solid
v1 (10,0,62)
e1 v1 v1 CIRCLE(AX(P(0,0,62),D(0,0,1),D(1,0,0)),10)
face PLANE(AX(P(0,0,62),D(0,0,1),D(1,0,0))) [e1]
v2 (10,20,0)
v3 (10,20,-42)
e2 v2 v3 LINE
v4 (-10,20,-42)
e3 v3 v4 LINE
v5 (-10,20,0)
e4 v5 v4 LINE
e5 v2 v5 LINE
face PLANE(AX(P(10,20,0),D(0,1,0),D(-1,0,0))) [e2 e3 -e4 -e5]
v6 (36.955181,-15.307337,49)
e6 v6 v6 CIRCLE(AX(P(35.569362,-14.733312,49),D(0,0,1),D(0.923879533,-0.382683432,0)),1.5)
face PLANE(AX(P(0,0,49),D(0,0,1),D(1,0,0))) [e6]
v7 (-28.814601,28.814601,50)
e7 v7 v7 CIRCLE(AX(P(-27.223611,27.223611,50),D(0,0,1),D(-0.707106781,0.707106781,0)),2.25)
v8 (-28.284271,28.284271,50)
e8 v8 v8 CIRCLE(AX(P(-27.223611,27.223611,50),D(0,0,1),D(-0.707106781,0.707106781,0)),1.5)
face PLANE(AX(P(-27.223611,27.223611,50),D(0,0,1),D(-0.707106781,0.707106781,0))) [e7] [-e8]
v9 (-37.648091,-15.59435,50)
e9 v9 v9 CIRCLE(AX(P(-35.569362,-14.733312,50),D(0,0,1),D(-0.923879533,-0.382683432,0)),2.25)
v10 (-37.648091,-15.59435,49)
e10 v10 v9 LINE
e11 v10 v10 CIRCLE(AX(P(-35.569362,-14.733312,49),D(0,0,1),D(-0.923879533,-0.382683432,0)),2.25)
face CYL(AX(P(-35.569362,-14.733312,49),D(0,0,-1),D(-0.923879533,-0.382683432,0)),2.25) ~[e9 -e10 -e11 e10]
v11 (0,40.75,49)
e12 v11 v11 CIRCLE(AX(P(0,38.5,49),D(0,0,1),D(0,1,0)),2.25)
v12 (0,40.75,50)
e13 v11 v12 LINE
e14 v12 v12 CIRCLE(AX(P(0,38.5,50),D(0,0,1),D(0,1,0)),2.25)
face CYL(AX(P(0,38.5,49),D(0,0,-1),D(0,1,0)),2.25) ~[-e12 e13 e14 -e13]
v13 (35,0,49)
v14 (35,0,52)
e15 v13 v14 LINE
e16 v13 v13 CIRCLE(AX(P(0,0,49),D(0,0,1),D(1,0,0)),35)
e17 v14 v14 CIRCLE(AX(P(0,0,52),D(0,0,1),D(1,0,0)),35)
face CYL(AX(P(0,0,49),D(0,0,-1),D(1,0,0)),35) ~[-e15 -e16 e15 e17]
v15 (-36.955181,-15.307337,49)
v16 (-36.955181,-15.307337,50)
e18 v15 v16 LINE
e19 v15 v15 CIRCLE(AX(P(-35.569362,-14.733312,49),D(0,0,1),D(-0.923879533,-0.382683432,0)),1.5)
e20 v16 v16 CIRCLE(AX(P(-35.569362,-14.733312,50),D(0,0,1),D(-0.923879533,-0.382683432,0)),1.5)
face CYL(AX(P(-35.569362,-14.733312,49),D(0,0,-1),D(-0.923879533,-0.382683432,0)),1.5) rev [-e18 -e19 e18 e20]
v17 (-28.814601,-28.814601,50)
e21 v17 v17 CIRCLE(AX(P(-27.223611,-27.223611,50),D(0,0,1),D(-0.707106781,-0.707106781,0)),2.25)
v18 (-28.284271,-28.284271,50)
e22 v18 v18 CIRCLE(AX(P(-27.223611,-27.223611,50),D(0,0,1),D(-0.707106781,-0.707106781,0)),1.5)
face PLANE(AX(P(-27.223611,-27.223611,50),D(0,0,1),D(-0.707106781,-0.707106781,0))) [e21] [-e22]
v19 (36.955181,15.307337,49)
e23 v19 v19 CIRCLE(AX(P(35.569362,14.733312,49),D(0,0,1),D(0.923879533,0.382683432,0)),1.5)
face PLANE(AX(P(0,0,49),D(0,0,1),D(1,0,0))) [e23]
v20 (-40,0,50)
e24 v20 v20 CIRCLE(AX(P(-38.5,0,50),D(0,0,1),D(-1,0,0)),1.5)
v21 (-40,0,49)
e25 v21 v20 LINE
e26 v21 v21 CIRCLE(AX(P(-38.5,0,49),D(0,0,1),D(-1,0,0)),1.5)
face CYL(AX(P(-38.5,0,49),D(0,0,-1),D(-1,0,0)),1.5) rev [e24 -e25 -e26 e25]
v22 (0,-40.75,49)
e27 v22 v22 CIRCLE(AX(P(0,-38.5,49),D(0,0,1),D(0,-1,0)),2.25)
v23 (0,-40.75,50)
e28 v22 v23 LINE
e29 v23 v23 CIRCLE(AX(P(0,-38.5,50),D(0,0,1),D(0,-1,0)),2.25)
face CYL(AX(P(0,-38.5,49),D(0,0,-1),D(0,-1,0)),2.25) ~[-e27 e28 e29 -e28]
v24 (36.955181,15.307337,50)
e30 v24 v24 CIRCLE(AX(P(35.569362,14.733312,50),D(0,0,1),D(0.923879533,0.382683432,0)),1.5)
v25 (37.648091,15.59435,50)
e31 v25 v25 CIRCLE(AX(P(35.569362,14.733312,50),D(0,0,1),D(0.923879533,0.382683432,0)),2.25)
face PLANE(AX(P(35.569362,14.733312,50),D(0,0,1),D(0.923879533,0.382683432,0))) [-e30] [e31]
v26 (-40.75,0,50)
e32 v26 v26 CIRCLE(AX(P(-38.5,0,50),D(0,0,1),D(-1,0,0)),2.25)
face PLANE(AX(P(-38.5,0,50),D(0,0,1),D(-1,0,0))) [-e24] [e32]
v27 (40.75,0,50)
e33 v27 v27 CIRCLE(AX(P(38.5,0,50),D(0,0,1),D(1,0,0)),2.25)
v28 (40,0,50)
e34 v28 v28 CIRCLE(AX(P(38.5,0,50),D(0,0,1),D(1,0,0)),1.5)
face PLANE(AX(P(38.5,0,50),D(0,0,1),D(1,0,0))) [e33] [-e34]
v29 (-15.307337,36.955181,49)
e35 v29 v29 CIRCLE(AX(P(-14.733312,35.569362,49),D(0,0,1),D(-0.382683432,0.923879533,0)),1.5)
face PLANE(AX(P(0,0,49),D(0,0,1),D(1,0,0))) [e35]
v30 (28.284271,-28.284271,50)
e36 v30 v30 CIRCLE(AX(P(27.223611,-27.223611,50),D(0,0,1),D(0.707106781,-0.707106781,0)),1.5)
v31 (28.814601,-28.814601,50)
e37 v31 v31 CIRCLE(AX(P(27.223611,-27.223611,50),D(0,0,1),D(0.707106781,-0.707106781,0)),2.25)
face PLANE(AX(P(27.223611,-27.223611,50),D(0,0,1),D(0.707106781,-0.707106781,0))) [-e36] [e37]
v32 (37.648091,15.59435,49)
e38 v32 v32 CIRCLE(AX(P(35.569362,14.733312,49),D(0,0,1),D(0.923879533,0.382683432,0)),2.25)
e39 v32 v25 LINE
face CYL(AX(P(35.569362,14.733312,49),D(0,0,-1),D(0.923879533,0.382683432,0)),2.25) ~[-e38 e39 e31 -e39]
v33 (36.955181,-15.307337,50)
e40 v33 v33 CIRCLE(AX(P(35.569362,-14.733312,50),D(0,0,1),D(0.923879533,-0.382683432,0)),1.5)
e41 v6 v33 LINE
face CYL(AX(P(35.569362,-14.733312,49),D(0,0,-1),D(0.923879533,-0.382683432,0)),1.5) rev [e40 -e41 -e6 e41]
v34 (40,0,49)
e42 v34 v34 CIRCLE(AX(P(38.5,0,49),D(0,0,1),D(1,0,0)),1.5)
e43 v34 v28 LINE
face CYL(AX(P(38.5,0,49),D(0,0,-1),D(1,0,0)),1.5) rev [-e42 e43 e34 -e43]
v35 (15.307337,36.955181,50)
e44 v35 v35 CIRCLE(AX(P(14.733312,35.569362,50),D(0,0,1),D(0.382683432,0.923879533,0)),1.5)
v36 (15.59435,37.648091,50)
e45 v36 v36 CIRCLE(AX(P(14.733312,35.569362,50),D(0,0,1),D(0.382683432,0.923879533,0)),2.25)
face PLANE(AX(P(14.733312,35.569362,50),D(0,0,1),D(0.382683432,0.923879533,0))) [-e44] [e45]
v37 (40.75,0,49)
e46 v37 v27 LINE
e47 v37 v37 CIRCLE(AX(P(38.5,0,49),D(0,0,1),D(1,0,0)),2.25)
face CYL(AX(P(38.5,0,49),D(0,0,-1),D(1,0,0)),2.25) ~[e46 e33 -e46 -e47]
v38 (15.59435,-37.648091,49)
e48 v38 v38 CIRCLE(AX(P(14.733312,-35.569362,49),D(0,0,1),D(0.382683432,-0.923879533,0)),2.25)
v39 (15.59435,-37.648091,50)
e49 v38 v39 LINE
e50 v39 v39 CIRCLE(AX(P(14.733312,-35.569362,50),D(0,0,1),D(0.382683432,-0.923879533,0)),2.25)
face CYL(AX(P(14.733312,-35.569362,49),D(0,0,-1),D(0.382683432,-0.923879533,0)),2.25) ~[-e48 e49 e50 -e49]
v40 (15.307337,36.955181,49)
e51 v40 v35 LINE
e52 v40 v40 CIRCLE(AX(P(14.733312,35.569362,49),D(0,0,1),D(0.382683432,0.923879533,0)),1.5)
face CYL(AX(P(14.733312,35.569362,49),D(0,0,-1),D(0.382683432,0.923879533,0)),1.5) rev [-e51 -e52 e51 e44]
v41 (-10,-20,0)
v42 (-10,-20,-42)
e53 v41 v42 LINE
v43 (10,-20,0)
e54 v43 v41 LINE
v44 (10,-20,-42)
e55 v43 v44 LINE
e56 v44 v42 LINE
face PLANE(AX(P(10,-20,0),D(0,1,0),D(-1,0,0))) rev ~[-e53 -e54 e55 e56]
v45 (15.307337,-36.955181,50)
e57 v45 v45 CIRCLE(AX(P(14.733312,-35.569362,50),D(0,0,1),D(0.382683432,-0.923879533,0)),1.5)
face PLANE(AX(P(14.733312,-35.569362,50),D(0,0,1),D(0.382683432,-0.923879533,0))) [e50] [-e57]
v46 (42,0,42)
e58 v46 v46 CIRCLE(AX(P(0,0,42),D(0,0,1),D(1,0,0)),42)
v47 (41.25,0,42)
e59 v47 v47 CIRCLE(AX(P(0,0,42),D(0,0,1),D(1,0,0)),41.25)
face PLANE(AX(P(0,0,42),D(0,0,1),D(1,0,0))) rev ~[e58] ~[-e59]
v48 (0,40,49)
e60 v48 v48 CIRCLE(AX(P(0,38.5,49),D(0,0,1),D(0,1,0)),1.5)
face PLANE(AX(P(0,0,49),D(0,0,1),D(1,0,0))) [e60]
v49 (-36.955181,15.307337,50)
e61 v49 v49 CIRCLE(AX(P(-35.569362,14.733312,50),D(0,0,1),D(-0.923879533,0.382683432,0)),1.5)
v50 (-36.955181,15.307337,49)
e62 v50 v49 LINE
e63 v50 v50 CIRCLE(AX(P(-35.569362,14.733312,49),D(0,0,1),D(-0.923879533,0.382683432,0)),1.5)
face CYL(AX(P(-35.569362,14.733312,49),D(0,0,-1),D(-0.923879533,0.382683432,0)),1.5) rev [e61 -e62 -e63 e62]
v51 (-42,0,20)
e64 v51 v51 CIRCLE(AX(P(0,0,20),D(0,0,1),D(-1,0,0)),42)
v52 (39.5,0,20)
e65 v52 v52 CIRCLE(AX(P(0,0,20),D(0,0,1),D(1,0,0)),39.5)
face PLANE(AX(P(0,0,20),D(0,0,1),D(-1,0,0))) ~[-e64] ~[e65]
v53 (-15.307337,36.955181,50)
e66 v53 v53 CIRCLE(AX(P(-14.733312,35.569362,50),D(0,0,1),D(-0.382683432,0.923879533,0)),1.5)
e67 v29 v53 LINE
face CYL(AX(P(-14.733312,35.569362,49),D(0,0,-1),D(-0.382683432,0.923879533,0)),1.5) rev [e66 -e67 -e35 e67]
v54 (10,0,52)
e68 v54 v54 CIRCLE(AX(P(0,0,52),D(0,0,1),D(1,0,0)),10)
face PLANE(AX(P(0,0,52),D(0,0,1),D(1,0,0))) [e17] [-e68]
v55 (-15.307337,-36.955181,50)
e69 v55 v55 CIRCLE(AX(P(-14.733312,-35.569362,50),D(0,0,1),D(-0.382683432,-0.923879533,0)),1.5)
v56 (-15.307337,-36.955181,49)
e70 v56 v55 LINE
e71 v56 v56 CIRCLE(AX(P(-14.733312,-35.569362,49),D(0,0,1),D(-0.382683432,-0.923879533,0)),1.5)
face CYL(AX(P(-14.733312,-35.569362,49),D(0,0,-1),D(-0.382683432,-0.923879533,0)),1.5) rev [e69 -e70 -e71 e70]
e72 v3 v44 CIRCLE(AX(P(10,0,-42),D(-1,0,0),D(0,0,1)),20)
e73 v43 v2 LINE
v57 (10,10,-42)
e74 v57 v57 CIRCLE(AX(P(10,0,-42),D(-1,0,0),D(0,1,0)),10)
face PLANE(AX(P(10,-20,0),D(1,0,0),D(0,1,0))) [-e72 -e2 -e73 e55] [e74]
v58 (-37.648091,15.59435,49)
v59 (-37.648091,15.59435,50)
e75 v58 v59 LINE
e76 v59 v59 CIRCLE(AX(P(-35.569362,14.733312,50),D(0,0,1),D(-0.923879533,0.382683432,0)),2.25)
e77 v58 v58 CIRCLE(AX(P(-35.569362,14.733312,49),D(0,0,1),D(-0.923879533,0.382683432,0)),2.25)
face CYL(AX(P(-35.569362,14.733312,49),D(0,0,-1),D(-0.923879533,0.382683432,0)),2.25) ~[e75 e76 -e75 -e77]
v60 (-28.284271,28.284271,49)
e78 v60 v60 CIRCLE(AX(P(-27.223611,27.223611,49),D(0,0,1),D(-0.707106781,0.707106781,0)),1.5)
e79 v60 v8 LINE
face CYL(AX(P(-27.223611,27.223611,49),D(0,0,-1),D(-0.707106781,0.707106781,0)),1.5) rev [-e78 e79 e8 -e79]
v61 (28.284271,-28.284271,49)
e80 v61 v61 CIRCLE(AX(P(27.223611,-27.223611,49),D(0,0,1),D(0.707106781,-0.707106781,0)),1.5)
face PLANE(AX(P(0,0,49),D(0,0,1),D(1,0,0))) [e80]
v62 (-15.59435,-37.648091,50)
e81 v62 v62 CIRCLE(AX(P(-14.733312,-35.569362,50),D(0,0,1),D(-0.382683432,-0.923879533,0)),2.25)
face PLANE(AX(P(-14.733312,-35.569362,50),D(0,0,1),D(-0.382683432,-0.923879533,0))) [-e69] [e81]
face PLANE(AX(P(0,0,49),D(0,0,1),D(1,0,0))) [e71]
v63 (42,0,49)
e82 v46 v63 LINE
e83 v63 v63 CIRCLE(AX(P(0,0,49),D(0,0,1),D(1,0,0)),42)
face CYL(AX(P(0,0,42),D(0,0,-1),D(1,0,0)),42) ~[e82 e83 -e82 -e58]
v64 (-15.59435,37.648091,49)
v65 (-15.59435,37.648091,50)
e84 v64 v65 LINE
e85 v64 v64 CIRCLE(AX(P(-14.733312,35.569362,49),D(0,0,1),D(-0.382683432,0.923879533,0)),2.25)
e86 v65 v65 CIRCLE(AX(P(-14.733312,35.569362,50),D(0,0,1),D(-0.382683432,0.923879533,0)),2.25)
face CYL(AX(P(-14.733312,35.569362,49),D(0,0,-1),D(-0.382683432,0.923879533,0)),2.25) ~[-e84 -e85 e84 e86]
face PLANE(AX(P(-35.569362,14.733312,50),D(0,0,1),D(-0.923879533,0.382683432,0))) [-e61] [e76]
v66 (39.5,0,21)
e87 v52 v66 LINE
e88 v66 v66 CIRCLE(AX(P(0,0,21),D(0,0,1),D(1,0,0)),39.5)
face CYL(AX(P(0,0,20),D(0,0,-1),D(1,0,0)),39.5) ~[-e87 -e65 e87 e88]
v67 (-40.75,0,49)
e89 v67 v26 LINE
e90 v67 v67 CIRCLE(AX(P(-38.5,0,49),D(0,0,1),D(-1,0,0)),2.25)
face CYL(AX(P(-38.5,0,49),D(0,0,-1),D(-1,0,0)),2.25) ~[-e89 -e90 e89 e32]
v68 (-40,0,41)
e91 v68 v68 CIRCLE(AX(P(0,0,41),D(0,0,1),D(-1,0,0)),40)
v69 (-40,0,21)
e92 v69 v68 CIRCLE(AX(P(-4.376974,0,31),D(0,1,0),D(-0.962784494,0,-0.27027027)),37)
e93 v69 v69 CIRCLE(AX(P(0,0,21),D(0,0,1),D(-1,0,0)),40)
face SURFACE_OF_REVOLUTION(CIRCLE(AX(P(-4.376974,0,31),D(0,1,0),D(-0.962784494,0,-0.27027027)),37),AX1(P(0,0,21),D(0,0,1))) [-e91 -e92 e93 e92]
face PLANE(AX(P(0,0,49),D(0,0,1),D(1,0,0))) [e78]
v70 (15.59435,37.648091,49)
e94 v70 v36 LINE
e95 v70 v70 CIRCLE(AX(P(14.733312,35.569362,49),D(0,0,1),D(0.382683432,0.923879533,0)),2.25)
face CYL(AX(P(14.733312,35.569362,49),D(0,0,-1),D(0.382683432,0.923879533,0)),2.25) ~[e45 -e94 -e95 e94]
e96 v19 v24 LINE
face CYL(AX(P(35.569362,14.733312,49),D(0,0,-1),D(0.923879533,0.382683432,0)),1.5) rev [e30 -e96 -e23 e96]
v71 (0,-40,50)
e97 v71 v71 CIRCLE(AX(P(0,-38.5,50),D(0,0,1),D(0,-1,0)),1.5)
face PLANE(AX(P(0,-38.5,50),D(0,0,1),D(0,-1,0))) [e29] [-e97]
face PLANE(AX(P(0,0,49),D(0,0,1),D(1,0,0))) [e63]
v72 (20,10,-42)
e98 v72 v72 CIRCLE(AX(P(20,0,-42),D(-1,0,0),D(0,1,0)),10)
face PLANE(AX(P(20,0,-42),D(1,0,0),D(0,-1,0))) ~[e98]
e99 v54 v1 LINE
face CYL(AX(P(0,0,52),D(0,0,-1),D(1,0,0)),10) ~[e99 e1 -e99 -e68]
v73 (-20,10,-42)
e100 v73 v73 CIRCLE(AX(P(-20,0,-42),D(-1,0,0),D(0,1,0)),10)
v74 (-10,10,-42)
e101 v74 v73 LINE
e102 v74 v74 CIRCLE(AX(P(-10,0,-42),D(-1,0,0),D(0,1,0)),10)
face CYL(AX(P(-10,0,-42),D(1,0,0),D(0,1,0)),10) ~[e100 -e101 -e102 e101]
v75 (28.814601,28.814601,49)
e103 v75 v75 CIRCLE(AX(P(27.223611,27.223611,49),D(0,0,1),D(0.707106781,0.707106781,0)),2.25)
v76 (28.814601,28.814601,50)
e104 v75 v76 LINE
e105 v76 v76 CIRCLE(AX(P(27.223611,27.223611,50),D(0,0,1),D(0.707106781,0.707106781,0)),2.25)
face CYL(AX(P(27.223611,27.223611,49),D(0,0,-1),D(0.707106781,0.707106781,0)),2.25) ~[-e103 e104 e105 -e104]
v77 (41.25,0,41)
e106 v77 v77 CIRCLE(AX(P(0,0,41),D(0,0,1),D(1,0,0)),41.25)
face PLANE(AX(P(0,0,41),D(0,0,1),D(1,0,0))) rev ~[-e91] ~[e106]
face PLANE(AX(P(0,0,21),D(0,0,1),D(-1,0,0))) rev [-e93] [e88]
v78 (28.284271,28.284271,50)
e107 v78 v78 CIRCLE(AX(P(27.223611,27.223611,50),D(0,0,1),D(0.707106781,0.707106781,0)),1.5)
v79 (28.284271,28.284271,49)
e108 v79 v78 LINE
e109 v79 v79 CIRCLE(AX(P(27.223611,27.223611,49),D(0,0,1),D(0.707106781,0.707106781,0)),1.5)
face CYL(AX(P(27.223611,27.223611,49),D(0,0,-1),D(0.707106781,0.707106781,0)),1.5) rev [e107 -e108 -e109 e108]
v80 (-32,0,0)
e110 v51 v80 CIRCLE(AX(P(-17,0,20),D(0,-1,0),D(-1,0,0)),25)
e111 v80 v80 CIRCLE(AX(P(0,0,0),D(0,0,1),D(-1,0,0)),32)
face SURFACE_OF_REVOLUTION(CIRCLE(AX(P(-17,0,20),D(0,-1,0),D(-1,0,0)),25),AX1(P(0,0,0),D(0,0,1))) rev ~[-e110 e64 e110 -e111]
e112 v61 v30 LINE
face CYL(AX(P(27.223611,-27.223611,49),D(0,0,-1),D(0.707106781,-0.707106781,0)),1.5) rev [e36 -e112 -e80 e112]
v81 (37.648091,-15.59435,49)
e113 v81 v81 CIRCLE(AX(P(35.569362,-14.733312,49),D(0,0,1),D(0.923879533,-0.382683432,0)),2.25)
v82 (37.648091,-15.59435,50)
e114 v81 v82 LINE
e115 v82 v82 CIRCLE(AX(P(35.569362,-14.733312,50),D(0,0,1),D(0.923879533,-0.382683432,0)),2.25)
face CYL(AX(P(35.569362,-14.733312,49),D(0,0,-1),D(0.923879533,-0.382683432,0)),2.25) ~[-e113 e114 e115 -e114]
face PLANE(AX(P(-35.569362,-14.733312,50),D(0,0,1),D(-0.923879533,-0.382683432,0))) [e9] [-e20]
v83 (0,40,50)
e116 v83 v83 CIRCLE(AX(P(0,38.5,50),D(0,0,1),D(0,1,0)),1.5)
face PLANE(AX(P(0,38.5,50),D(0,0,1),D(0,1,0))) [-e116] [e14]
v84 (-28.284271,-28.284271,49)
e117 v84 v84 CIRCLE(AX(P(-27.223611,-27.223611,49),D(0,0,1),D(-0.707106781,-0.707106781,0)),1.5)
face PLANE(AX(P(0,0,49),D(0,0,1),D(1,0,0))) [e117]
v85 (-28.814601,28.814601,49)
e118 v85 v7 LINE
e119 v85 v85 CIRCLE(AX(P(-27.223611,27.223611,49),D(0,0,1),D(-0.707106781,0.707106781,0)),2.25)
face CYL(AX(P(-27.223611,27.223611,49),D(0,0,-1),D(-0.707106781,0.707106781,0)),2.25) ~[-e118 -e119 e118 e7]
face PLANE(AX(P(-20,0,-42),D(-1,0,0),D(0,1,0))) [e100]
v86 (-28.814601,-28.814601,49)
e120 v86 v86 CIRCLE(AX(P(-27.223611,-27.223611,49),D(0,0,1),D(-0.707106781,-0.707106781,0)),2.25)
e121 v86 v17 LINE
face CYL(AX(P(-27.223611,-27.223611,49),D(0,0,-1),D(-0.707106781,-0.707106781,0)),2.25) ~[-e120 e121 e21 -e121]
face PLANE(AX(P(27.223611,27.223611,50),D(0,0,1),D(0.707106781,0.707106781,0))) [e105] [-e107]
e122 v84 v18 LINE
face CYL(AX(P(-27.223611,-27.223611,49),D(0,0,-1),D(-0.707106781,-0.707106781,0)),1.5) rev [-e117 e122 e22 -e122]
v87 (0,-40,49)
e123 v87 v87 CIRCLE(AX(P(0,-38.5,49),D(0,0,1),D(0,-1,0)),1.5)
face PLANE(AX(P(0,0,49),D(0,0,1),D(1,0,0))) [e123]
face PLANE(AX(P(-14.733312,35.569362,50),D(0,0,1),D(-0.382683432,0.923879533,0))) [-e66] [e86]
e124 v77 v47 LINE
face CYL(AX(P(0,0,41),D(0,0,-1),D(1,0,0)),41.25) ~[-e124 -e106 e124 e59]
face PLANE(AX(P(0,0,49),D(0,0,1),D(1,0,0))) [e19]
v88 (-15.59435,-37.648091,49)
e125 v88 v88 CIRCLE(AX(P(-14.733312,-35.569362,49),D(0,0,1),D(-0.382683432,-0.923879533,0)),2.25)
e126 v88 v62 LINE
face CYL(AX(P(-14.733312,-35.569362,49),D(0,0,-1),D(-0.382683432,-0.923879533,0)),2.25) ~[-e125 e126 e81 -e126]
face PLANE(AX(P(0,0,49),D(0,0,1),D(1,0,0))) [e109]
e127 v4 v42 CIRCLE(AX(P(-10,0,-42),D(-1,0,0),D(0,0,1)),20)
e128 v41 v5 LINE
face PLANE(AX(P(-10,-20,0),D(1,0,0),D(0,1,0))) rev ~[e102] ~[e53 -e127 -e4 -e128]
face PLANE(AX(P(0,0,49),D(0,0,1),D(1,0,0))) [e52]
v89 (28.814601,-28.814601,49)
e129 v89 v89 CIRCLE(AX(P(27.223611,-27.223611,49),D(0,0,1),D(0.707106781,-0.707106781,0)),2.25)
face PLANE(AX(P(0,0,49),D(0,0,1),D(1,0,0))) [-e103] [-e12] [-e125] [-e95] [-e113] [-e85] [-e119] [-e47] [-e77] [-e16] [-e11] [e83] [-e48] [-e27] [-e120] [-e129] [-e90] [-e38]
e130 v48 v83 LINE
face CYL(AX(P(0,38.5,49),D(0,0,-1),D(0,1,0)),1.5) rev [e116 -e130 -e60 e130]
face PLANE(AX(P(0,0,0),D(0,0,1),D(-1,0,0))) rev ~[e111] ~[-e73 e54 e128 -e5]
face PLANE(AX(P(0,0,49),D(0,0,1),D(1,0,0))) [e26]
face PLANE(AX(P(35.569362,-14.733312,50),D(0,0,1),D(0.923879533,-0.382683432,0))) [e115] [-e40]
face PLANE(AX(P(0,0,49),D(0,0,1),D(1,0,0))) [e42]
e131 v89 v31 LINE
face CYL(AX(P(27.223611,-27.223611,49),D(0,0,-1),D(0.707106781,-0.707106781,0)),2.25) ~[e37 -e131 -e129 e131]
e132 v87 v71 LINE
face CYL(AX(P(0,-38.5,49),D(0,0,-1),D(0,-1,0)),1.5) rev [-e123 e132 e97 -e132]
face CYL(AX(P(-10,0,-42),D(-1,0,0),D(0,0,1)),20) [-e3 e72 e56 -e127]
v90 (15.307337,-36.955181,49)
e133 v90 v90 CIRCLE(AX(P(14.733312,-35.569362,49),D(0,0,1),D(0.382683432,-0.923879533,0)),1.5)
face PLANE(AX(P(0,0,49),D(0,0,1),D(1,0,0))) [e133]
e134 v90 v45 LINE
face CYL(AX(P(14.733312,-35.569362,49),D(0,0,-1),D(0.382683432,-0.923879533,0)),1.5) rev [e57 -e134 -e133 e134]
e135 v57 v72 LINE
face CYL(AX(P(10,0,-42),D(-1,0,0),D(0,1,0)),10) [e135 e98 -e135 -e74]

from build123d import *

# Parameters (mm, degrees)
SKETCH2_R           = 39.5
BOSS_EXTRUDE1_DEPTH = 1
SKETCH4_R           = 41.25
BOSS_EXTRUDE2_DEPTH = 1
SKETCH5_R           = 42
BOSS_EXTRUDE3_DEPTH = 7
SKETCH6_R           = 35
BOSS_EXTRUDE4_DEPTH = 3
SKETCH7_R           = 2.25
SKETCH7_R_2         = 1.5
BOSS_EXTRUDE5_DEPTH = 1
CIRPATTERN1_COUNT   = 16
SKETCH8_W           = 20
SKETCH8_H           = 40
BOSS_EXTRUDE6_DEPTH = 42
SKETCH9_R           = 20
BOSS_EXTRUDE7_DEPTH = 20
SKETCH10_R          = 10
BOSS_EXTRUDE8_DEPTH = 10
SKETCH11_R          = 10
BOSS_EXTRUDE9_DEPTH = 10


with BuildPart() as part:
    # Sketch1 → Revolve1 (revolve)
    with BuildSketch(Plane(origin=(0, 0, 0), x_dir=(1, 0, 0), z_dir=(0, 1, 0))):
        with BuildLine():
            Line((0, 0), (0, -20))
            Line((0, -20), (-42, -20))
            ThreePointArc((-42, -20), (-39.360679775, -8.819660113), (-32, 0))
            Line((-32, 0), (0, 0))
        make_face()
    revolve(axis=Axis((0, 0, 0), (0, 0, 1)))

    # Sketch2 → Boss-Extrude1 (add)
    with BuildSketch(Plane.XY.offset(20)):
        Circle(SKETCH2_R)
    extrude(amount=BOSS_EXTRUDE1_DEPTH)

    # Sketch3 → Revolve2 (revolve)
    with BuildSketch(Plane(origin=(0, 0, 0), x_dir=(1, 0, 0), z_dir=(0, 1, 0))):
        with BuildLine():
            Line((0, -21), (-40, -21))
            ThreePointArc((-40, -21), (-41.376973739, -31), (-40, -41))
            Line((-40, -41), (0, -41))
            Line((0, -41), (0, -21))
        make_face()
    revolve(axis=Axis((0, 0, 21), (0, 0, 1)))

    # Sketch4 → Boss-Extrude2 (add)
    with BuildSketch(Plane.XY.offset(41)):
        Circle(SKETCH4_R)
    extrude(amount=BOSS_EXTRUDE2_DEPTH)

    # Sketch5 → Boss-Extrude3 (add)
    with BuildSketch(Plane.XY.offset(42)):
        Circle(SKETCH5_R)
    extrude(amount=BOSS_EXTRUDE3_DEPTH)

    # Sketch6 → Boss-Extrude4 (add)
    with BuildSketch(Plane.XY.offset(49)):
        Circle(SKETCH6_R)
    extrude(amount=BOSS_EXTRUDE4_DEPTH)

    # Sketch7 → Boss-Extrude5 (add)
    with BuildSketch(Plane.XY.offset(49)):
        with Locations((38.5, 0)):
            Circle(SKETCH7_R)
        with Locations((38.5, 0)):
            Circle(SKETCH7_R_2, mode=Mode.SUBTRACT)
    boss_extrude5 = extrude(amount=BOSS_EXTRUDE5_DEPTH)

    # CirPattern1: Boss-Extrude5 ×16 about axis
    cirpattern1_axis = Axis((0, 0, 0), (0, 0, 1))
    for i in range(1, CIRPATTERN1_COUNT):
        add(boss_extrude5.rotate(cirpattern1_axis, i * 360 / CIRPATTERN1_COUNT))

    # Sketch8 → Boss-Extrude6 (add)
    with BuildSketch(Plane(origin=(0, 0, 0), x_dir=(-1, 0, 0), z_dir=(0, 0, -1))):
        Rectangle(SKETCH8_W, SKETCH8_H)
    extrude(amount=BOSS_EXTRUDE6_DEPTH)

    # Sketch9 → Boss-Extrude7 (add)
    with BuildSketch(Plane.ZY.offset(10)):
        with Locations((-42, 0)):
            Circle(SKETCH9_R)
    extrude(amount=-BOSS_EXTRUDE7_DEPTH)

    # Sketch10 → Boss-Extrude8 (add)
    with BuildSketch(Plane.ZY.offset(10)):
        with Locations(Location((-42, 0, 0), (0, 0, 90))):
            Circle(SKETCH10_R)
    boss_extrude8 = extrude(amount=BOSS_EXTRUDE8_DEPTH)

    # Sketch11 → Boss-Extrude9 (add)
    with BuildSketch(Plane.XY.offset(52)):
        Circle(SKETCH11_R)
    extrude(amount=BOSS_EXTRUDE9_DEPTH)

    # Mirror1: Boss-Extrude8 across plane
    add(boss_extrude8.mirror(Plane(origin=(0, 0, 0), x_dir=(0, 0, 1), z_dir=(1, 0, 0))))


solid = part.part
